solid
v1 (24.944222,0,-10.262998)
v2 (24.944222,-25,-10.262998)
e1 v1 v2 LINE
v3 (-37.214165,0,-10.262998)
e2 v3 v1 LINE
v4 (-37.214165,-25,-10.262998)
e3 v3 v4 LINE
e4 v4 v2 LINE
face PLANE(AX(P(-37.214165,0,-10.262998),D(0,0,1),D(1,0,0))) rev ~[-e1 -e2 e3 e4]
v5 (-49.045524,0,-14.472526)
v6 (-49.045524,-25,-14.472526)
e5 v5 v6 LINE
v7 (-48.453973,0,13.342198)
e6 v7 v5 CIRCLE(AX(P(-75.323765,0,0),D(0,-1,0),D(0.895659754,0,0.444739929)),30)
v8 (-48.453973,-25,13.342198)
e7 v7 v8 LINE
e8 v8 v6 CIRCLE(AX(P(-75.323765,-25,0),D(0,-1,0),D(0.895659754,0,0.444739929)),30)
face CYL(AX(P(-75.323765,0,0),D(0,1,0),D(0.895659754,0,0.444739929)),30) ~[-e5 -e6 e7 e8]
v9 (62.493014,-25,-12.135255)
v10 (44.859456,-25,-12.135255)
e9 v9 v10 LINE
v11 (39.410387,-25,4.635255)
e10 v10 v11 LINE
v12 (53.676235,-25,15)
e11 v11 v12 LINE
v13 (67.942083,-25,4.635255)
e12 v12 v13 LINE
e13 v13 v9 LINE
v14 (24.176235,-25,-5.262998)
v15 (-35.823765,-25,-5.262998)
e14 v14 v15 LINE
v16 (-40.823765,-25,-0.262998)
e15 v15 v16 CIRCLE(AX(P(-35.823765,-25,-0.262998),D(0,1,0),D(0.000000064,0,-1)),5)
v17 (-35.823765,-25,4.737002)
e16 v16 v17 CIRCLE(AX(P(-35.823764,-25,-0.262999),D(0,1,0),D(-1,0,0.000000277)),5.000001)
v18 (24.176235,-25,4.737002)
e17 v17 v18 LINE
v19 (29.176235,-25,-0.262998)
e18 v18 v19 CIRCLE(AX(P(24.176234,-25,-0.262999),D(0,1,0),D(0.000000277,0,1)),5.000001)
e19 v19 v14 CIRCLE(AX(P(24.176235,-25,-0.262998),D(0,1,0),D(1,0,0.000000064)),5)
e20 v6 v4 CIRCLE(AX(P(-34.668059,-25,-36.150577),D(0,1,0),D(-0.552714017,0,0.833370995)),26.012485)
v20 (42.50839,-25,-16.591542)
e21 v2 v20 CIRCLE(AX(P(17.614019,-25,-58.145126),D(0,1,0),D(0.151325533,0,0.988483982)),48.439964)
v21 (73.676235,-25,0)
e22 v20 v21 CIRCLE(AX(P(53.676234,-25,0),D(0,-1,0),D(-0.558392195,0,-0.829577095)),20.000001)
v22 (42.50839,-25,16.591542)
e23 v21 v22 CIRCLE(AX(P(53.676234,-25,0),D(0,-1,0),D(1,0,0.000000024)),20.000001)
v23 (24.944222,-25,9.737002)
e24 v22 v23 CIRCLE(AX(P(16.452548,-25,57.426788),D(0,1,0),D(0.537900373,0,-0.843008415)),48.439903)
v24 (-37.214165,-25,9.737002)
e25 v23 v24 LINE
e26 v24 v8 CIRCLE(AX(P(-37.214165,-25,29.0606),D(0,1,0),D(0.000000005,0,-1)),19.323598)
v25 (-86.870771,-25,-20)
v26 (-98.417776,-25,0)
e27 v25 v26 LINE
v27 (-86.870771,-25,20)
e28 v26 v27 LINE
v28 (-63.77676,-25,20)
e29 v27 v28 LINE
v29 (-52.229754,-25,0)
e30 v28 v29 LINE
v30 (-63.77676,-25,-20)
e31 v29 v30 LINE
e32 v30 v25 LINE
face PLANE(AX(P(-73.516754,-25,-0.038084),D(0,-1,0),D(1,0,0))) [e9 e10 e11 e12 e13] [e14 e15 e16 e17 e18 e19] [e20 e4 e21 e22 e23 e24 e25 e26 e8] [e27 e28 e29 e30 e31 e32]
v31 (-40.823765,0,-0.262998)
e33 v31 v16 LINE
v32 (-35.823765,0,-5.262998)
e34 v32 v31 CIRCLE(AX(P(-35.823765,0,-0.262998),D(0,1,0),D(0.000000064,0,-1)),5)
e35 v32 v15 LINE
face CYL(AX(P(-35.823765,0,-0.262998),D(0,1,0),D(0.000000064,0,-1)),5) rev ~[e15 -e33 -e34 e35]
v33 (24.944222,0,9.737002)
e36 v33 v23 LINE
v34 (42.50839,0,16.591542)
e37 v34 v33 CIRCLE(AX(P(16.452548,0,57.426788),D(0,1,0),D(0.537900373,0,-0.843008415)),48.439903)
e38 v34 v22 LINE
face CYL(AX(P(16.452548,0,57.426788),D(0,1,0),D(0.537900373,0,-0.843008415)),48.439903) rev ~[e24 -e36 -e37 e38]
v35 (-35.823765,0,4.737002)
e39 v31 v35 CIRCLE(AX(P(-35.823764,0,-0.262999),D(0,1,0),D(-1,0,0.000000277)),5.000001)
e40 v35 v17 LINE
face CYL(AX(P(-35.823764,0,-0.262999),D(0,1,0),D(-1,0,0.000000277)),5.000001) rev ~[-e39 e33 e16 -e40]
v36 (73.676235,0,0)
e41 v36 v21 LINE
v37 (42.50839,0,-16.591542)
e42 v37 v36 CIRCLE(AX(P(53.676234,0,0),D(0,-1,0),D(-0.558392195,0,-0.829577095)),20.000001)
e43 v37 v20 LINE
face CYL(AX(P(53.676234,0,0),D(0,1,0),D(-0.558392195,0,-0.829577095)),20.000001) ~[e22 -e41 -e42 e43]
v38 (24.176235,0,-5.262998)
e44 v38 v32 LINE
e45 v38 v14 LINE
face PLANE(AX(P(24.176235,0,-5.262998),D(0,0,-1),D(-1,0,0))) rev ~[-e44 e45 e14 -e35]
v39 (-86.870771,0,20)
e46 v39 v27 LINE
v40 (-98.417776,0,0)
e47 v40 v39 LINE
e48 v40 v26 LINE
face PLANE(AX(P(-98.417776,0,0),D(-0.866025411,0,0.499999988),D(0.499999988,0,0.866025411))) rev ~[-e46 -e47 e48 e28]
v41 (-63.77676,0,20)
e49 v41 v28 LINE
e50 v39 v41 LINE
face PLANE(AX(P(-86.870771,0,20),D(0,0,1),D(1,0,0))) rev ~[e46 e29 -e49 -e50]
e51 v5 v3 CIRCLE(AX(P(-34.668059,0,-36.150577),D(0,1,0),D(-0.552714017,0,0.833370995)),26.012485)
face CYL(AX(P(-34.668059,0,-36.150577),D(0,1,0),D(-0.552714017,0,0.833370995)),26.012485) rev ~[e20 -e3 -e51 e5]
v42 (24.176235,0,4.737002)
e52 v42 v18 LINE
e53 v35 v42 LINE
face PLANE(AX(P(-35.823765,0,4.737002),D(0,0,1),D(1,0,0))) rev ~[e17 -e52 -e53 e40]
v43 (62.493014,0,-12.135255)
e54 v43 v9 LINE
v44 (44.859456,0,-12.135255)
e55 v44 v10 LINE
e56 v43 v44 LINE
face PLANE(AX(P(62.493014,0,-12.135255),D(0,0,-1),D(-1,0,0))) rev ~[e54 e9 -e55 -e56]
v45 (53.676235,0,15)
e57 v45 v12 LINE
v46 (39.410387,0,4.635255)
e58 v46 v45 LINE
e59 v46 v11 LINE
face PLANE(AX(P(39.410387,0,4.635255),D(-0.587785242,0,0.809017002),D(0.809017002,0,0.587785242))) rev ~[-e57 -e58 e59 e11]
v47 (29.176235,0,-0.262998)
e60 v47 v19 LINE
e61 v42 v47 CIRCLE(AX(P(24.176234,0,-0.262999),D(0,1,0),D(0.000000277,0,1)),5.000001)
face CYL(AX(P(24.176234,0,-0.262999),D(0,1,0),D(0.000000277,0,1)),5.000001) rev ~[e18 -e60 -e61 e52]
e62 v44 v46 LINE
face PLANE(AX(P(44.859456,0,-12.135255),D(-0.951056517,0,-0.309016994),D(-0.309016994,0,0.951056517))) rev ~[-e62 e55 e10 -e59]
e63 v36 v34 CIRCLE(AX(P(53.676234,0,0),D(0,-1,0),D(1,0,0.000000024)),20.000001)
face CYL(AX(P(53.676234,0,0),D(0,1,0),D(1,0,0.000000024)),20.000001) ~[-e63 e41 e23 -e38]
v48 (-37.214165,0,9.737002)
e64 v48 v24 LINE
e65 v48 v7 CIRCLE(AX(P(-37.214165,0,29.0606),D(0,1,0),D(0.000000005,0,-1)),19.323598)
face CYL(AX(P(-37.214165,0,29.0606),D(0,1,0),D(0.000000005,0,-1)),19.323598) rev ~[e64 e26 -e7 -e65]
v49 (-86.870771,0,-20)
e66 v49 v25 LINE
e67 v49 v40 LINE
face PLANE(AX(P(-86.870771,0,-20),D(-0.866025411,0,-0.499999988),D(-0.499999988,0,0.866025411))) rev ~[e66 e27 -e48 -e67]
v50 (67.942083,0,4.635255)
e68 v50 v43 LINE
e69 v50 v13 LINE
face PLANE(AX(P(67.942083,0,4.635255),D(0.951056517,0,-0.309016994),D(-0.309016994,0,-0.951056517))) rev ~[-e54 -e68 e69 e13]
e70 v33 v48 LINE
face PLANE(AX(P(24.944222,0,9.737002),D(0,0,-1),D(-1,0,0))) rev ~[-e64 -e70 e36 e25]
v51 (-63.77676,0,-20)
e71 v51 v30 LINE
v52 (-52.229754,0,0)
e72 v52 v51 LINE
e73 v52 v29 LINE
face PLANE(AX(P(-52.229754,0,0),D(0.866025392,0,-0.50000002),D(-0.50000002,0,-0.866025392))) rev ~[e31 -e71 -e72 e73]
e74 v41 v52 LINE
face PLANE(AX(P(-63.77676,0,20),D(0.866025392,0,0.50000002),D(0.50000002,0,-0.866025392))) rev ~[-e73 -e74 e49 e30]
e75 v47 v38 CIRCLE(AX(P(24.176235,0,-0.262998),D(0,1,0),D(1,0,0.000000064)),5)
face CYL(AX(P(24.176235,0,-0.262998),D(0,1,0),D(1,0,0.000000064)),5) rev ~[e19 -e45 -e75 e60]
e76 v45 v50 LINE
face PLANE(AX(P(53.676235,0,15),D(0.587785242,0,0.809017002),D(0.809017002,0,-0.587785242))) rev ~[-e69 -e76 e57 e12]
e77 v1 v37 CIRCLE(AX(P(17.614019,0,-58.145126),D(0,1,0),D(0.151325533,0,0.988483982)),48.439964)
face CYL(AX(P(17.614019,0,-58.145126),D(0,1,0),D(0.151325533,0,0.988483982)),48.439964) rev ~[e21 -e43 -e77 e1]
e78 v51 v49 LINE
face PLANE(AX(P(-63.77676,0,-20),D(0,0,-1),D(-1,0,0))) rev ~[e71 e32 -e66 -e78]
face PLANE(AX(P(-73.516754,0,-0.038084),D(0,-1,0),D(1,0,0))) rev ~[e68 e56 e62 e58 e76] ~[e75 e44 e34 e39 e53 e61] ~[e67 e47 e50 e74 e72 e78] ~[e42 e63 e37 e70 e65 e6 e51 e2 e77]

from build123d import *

# Parameters (mm, degrees)
F1_DEPTH = 25


with BuildPart() as f1:
    # F0 (on Front) → F1 (new body)
    with BuildSketch(Plane.XZ):
        with BuildLine():
            ThreePointArc((-49.045524, -14.472526), (-46.269099, -7.471705), (-45.323765, 0))
            ThreePointArc((-45.323765, 0), (-46.116799, 6.852234), (-48.453973, 13.342198))
            ThreePointArc((-48.453973, 13.342198), (-105.316983, 0.637882), (-49.045524, -14.472526))
        make_face()
        Polygon((-98.417776, 0), (-86.870771, 20), (-63.77676, 20), (-52.229754, 0), (-63.77676, -20), (-86.870771, -20), align=None, mode=Mode.SUBTRACT)
        with BuildLine():
            ThreePointArc((-48.453973, 13.342198), (-46.116799, 6.852234), (-45.323765, 0))
            ThreePointArc((-45.323765, 0), (-46.269099, -7.471705), (-49.045524, -14.472526))
            ThreePointArc((-49.045524, -14.472526), (-43.387683, -11.643077), (-37.214165, -10.262998))
            Line((-37.214165, -10.262998), (24.944222, -10.262998))
            ThreePointArc((24.944222, -10.262998), (34.03408, -12.573077), (42.50839, -16.591542))
            ThreePointArc((42.50839, -16.591542), (33.676235, 0), (42.50839, 16.591542))
            ThreePointArc((42.50839, 16.591542), (34.063025, 12.301459), (24.944222, 9.737002))
            Line((24.944222, 9.737002), (-37.214165, 9.737002))
            ThreePointArc((-37.214165, 9.737002), (-43.116087, 10.660362), (-48.453973, 13.342198))
        make_face()
        with BuildLine():
            ThreePointArc((-40.823765, -0.262998), (-39.359299, 3.272535), (-35.823765, 4.737002))
            Line((-35.823765, 4.737002), (24.176235, 4.737002))
            ThreePointArc((24.176235, 4.737002), (27.711769, 3.272535), (29.176235, -0.262998))
            ThreePointArc((29.176235, -0.262998), (27.711769, -3.798532), (24.176235, -5.262998))
            Line((24.176235, -5.262998), (-35.823765, -5.262998))
            ThreePointArc((-35.823765, -5.262998), (-39.359299, -3.798532), (-40.823765, -0.262998))
        make_face(mode=Mode.SUBTRACT)
        with BuildLine():
            ThreePointArc((73.676235, 0), (63.07419, 17.654417), (42.50839, 16.591542))
            ThreePointArc((42.50839, 16.591542), (33.676235, 0), (42.50839, -16.591542))
            ThreePointArc((42.50839, -16.591542), (63.07419, -17.654417), (73.676235, 0))
        make_face()
        Polygon((53.676235, 15), (67.942083, 4.635255), (62.493014, -12.135255), (44.859456, -12.135255), (39.410387, 4.635255), align=None, mode=Mode.SUBTRACT)
    extrude(amount=F1_DEPTH)


solid = f1.part
